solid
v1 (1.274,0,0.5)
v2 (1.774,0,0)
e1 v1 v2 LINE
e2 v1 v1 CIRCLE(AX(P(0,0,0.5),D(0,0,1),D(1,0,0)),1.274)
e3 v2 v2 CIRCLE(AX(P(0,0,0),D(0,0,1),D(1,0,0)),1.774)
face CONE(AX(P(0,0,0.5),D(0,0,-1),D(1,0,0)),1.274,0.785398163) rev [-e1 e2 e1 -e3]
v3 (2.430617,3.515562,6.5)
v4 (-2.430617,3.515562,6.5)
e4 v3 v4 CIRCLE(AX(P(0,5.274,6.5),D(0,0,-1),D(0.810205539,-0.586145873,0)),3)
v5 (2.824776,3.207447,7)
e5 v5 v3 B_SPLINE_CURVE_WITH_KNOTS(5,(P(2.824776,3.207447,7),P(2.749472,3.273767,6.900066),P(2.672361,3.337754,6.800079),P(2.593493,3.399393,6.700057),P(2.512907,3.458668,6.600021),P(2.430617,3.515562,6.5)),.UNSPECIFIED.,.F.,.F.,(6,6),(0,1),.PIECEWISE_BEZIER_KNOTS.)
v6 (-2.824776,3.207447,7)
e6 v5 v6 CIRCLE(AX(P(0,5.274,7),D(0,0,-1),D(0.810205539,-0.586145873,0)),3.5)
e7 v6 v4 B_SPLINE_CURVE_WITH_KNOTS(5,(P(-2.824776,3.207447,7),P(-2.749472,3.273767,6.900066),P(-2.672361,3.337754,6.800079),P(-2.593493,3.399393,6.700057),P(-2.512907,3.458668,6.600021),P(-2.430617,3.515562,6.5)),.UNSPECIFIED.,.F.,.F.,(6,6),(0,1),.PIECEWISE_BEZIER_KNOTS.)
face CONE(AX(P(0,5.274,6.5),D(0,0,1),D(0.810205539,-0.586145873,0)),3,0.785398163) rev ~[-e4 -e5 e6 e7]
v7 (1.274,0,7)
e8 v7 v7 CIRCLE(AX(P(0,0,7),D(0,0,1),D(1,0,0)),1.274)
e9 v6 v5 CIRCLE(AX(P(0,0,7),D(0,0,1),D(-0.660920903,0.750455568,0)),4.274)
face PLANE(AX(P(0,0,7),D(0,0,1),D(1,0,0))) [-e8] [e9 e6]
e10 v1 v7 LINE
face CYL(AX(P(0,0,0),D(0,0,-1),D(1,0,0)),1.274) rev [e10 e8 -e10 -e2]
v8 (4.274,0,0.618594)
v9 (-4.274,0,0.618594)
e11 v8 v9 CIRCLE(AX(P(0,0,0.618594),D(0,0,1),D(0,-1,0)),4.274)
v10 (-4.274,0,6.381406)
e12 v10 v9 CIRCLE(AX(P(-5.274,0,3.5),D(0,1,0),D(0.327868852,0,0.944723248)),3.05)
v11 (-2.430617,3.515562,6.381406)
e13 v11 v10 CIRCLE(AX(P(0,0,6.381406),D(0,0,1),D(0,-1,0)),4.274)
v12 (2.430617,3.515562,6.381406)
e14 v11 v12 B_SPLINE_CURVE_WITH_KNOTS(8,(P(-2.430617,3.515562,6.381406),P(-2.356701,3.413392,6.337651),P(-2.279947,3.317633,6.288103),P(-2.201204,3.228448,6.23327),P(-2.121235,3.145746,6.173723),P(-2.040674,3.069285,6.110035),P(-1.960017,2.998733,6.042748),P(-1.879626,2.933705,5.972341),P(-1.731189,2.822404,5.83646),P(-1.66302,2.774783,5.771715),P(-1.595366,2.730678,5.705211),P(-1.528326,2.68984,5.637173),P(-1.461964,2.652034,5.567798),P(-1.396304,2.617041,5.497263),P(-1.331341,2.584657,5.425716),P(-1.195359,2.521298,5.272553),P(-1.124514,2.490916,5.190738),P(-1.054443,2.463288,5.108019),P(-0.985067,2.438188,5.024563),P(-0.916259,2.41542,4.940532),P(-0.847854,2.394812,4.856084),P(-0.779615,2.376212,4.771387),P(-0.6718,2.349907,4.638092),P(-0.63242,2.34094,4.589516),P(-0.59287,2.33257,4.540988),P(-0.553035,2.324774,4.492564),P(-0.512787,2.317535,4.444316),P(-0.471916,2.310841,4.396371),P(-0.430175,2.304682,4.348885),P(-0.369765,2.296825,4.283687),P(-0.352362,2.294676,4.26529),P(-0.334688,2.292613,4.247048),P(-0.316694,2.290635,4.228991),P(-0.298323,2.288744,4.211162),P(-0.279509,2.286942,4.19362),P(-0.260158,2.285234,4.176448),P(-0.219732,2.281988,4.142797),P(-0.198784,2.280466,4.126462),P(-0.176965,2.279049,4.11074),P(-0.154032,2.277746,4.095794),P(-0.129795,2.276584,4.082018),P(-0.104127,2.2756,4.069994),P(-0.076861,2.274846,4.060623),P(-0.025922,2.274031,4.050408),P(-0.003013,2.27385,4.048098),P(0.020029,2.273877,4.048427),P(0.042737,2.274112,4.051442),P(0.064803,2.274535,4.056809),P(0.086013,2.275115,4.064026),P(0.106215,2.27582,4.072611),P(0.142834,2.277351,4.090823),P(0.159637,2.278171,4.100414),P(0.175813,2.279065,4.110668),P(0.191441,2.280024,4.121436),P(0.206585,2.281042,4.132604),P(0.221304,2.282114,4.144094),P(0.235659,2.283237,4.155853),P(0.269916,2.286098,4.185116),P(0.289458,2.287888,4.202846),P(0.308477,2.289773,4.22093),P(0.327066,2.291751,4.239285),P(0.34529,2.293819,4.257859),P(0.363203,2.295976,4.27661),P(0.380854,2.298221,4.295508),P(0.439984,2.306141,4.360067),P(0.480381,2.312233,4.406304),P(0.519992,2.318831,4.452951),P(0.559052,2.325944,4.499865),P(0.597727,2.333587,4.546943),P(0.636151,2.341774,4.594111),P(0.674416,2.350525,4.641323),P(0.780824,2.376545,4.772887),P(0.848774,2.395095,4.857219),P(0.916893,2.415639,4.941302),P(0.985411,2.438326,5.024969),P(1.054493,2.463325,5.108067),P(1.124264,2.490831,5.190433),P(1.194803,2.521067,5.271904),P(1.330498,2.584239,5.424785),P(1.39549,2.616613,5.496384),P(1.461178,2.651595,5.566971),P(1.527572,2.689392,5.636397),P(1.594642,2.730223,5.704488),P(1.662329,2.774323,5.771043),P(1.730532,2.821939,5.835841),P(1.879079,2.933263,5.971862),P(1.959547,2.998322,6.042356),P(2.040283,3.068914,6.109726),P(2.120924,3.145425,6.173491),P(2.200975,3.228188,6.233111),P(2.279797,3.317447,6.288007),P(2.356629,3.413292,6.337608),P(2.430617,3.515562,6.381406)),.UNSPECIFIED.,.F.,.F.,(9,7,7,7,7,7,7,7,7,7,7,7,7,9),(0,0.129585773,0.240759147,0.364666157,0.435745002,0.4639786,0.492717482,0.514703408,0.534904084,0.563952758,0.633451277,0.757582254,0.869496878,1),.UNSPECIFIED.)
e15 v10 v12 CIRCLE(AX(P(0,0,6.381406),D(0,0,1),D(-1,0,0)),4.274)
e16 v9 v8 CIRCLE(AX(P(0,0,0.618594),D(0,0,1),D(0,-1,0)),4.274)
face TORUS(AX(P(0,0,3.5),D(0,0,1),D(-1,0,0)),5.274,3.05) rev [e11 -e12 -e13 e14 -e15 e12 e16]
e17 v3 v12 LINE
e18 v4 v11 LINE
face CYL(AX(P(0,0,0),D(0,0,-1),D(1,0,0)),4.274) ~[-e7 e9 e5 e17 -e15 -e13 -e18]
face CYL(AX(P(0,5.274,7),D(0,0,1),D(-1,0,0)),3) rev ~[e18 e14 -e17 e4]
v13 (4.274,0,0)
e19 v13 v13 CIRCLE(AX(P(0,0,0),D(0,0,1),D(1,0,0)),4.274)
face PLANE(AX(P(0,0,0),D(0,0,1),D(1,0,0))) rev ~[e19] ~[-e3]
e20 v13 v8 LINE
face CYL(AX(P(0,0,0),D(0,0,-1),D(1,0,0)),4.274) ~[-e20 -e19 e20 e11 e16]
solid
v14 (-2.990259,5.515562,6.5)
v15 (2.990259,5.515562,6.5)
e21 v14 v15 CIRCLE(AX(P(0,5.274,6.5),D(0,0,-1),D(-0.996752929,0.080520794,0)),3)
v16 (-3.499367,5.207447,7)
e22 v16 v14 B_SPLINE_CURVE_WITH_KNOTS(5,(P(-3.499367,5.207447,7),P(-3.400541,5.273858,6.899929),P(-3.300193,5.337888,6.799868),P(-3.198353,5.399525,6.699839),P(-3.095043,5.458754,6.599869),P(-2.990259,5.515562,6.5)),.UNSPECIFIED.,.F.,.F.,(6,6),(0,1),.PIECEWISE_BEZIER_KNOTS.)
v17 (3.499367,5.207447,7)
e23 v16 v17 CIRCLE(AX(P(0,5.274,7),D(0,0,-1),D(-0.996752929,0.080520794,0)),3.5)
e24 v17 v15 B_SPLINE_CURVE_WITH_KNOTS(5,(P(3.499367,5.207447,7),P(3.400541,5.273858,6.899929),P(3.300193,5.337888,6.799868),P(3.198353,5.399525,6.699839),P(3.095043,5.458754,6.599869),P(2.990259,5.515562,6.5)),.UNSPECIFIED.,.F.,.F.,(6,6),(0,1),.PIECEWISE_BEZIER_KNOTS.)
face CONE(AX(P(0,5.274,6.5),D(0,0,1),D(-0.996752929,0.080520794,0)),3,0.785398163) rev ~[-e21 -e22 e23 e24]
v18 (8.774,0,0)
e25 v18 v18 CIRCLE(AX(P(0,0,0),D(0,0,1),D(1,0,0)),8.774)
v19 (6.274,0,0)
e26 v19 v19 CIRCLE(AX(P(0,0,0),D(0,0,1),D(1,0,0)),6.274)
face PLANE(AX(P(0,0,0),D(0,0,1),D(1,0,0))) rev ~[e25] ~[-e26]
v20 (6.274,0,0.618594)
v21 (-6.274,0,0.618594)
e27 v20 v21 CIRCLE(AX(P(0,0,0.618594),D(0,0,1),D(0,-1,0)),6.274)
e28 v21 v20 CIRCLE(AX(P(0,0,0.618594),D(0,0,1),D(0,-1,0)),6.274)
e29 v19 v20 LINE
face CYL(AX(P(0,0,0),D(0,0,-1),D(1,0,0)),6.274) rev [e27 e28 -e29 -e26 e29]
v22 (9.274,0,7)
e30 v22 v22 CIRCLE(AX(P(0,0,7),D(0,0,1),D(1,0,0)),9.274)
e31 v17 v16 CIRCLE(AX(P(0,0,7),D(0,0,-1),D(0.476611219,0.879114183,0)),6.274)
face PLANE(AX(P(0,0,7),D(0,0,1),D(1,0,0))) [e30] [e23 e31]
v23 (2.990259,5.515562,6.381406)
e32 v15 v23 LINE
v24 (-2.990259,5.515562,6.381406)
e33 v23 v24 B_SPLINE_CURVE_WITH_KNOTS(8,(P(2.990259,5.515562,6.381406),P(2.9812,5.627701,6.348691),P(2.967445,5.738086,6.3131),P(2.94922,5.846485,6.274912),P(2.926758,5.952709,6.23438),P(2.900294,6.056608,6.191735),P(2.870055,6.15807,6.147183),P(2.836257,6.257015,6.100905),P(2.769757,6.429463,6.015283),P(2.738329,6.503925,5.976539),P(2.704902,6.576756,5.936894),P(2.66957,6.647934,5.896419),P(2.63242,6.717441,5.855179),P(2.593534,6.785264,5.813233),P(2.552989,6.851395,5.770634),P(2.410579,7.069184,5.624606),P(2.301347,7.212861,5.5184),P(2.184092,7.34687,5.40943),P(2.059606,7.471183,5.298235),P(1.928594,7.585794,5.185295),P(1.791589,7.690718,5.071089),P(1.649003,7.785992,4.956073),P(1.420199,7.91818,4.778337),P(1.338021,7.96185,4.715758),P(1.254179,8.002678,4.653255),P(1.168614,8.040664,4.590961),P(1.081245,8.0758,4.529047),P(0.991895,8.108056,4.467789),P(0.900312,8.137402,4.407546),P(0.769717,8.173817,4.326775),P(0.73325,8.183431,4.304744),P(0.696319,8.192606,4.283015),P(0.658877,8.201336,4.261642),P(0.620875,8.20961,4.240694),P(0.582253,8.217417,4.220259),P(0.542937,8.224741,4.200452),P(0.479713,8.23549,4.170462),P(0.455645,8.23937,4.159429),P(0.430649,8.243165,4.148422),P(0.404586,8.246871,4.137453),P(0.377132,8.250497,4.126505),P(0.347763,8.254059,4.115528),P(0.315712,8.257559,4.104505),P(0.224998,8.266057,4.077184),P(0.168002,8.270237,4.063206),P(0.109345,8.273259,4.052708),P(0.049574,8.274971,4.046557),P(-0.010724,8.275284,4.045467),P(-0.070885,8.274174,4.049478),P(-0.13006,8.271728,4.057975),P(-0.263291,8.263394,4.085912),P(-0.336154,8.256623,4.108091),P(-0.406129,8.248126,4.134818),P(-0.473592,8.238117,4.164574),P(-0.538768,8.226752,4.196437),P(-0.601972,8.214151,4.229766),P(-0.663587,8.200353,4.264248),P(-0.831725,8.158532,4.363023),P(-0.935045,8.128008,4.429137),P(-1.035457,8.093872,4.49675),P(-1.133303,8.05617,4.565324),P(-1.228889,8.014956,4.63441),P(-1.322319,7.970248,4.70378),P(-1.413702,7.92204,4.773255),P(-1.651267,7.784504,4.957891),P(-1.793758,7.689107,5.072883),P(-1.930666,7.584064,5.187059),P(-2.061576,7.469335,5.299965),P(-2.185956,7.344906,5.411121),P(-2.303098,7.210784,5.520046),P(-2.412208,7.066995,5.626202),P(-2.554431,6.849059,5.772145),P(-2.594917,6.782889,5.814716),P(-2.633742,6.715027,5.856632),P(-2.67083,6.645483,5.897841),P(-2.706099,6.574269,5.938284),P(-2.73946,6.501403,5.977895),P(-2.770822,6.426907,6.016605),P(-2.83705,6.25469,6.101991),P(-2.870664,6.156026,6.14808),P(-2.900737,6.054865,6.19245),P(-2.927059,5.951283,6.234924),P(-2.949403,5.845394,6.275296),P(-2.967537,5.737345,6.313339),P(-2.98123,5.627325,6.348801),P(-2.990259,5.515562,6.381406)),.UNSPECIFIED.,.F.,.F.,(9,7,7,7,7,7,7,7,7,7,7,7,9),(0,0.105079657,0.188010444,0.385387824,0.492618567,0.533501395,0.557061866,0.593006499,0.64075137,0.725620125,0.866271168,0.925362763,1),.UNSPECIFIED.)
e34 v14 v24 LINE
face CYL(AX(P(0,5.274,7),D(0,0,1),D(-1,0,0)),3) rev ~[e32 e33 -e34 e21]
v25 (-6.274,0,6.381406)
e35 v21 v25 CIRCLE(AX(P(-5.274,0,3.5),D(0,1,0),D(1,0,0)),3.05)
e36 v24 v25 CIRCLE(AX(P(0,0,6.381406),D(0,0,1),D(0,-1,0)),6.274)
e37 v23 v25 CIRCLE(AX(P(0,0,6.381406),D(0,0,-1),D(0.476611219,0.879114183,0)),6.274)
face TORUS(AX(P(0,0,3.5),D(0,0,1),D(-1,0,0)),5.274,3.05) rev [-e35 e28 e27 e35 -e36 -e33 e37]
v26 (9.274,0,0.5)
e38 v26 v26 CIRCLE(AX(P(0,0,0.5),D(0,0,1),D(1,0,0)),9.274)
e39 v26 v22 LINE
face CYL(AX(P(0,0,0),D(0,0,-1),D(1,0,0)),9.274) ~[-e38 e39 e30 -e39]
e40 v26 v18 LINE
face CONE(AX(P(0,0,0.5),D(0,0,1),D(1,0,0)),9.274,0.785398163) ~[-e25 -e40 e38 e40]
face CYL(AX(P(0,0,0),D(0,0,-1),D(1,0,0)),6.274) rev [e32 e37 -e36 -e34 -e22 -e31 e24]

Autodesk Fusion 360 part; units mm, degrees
sketch "Sketch4" plane through (0, 0, 0) normal (0, 0, 1) x (1, 0, 0) in component "Bearing"
  circle A0 centre (0, 0) radius 1.274
  circle A1 centre (0, 0) radius 4.274
  circle A2 centre (0, 0) radius 6.274
  circle A3 centre (0, 0) radius 9.274
  dimension "d27" = 2.5481
  dimension "d28" = 8.5481
  dimension "d29" = 12.5481
  dimension "d30" = 18.5481
extrude "Extrude3" add sketch "Sketch4" along normal blind 7 makes body 1 at (4.2528, -0.4256, 4.6667) makes body 2 at (9.2625, -0.4623, 2.3333) in component "Bearing"
sketch "Sketch5" plane through (0, 0, 0) normal (0, 1, 0) x (1, 0, 0) in component "Bearing"
  line L0 (1.274, -7) -> (-1.274, -7) construction
  line L1 (1.274, 0) -> (-1.274, 0) construction
  line L2 (0, -7) -> (0, 0) construction
  line L3 (-5.274, -7) -> (-5.274, 0) construction
  circle A0 centre (-5.274, -3.5) radius 3.05
  dimension "d33" = 5.274
  dimension "d34" = 6.1
revolve "Revolve2" cut sketch "Sketch5" angle 360 about axis through (0, 0, 7) along (0, 0, -1) bodies 1 2 in component "Bearing"
sketch "Sketch6" plane through (0, 0, 7) normal (0, 0, 1) x (-1, 0, 0) in component "Bearing"
  circle A0 centre (0, 0) radius 6.274
  circle A1 centre (0, 0) radius 9.274
  line L0 (0, 0) -> (0, -9.274) construction
  circle A2 centre (0, -5.274) radius 3
  dimension "d36" = 9.274
  dimension "d37" = 6
  dimension "d38" = 5.274
extrude "Extrude4" cut sketch "Sketch6" against normal blind 3.5 contours A0 A2 | A0 A2 picked at (-0.0403, -4.931) picked at (0, -6.9302) bodies 1 2 in component "Bearing"
chamfer "Chamfer2" distance 0.5 angle 45 2 edges at (0, 8.274, 7) (0, 2.274, 7) on bodies 1 2 in component "Bearing"
chamfer "Chamfer3" distance 0.5 angle 45 2 edges at (-8.6464, -3.3536, 0) (-1.1878, 0.4607, 0) on bodies 1 2 in component "Bearing"
ref_plane "WorkPlane1" through (0, 0, 3.5) normal (0, 0, 1) x (1, 0, 0) in component "Bearing"
sketch "Sketch7" plane through (0, 0, 3.5) normal (0, 0, 1) x (1, 0, 0) in component "Bearing"
  circle A0 centre (0, 0) radius 5.274 construction
  line L0 (0, 0) -> (0, 5.274) construction
  circle A1 centre (0, 5.274) radius 3 construction
  circle A2 centre (-5.0159, 1.6298) radius 3 construction
  circle A3 centre (-3.1, -4.2668) radius 3 construction
  circle A4 centre (3.1, -4.2668) radius 3 construction
  circle A5 centre (5.0159, 1.6298) radius 3 construction
  dimension "d45" = 10.5481
  dimension "d46" = 6
  dimension "d48" = 360
component "Bearing" placed x (1, 0, 0) y (0, 1, 0) z (0, 0, 1) at (0, 0, 0)
equation "d = 6 mm" comment "ball dia"
equation "gap = 0.2 mm" comment "gap between balls"
equation "Nball = 5" comment "number of balls"
equation "D = ( d + 5 * gap / Nball ) / sin(( 180 / Nball ) * 1 deg)" comment "diameter of the ball to stay"
equation "innerinner = D - d - 2 mm"
equation "innerouter = D - 2 mm"
equation "outerinner = D + 2 mm"
equation "outerouter = D + d + 2 mm"
equation "d27 = innerinner"
equation "d28 = innerouter"
equation "d29 = outerinner"
equation "d30 = outerouter"
equation "d31 = height"
equation "d33 = D / 2"
equation "d34 = d + gap / 2"
equation "d36 = outerouter / 2"
equation "d37 = d"
equation "d38 = D / 2"
equation "height = 7 mm"
equation "d40 = -height / 2"
equation "d44 = height / 2"
equation "d45 = D"
equation "d46 = d"
equation "d47 = Nball"
